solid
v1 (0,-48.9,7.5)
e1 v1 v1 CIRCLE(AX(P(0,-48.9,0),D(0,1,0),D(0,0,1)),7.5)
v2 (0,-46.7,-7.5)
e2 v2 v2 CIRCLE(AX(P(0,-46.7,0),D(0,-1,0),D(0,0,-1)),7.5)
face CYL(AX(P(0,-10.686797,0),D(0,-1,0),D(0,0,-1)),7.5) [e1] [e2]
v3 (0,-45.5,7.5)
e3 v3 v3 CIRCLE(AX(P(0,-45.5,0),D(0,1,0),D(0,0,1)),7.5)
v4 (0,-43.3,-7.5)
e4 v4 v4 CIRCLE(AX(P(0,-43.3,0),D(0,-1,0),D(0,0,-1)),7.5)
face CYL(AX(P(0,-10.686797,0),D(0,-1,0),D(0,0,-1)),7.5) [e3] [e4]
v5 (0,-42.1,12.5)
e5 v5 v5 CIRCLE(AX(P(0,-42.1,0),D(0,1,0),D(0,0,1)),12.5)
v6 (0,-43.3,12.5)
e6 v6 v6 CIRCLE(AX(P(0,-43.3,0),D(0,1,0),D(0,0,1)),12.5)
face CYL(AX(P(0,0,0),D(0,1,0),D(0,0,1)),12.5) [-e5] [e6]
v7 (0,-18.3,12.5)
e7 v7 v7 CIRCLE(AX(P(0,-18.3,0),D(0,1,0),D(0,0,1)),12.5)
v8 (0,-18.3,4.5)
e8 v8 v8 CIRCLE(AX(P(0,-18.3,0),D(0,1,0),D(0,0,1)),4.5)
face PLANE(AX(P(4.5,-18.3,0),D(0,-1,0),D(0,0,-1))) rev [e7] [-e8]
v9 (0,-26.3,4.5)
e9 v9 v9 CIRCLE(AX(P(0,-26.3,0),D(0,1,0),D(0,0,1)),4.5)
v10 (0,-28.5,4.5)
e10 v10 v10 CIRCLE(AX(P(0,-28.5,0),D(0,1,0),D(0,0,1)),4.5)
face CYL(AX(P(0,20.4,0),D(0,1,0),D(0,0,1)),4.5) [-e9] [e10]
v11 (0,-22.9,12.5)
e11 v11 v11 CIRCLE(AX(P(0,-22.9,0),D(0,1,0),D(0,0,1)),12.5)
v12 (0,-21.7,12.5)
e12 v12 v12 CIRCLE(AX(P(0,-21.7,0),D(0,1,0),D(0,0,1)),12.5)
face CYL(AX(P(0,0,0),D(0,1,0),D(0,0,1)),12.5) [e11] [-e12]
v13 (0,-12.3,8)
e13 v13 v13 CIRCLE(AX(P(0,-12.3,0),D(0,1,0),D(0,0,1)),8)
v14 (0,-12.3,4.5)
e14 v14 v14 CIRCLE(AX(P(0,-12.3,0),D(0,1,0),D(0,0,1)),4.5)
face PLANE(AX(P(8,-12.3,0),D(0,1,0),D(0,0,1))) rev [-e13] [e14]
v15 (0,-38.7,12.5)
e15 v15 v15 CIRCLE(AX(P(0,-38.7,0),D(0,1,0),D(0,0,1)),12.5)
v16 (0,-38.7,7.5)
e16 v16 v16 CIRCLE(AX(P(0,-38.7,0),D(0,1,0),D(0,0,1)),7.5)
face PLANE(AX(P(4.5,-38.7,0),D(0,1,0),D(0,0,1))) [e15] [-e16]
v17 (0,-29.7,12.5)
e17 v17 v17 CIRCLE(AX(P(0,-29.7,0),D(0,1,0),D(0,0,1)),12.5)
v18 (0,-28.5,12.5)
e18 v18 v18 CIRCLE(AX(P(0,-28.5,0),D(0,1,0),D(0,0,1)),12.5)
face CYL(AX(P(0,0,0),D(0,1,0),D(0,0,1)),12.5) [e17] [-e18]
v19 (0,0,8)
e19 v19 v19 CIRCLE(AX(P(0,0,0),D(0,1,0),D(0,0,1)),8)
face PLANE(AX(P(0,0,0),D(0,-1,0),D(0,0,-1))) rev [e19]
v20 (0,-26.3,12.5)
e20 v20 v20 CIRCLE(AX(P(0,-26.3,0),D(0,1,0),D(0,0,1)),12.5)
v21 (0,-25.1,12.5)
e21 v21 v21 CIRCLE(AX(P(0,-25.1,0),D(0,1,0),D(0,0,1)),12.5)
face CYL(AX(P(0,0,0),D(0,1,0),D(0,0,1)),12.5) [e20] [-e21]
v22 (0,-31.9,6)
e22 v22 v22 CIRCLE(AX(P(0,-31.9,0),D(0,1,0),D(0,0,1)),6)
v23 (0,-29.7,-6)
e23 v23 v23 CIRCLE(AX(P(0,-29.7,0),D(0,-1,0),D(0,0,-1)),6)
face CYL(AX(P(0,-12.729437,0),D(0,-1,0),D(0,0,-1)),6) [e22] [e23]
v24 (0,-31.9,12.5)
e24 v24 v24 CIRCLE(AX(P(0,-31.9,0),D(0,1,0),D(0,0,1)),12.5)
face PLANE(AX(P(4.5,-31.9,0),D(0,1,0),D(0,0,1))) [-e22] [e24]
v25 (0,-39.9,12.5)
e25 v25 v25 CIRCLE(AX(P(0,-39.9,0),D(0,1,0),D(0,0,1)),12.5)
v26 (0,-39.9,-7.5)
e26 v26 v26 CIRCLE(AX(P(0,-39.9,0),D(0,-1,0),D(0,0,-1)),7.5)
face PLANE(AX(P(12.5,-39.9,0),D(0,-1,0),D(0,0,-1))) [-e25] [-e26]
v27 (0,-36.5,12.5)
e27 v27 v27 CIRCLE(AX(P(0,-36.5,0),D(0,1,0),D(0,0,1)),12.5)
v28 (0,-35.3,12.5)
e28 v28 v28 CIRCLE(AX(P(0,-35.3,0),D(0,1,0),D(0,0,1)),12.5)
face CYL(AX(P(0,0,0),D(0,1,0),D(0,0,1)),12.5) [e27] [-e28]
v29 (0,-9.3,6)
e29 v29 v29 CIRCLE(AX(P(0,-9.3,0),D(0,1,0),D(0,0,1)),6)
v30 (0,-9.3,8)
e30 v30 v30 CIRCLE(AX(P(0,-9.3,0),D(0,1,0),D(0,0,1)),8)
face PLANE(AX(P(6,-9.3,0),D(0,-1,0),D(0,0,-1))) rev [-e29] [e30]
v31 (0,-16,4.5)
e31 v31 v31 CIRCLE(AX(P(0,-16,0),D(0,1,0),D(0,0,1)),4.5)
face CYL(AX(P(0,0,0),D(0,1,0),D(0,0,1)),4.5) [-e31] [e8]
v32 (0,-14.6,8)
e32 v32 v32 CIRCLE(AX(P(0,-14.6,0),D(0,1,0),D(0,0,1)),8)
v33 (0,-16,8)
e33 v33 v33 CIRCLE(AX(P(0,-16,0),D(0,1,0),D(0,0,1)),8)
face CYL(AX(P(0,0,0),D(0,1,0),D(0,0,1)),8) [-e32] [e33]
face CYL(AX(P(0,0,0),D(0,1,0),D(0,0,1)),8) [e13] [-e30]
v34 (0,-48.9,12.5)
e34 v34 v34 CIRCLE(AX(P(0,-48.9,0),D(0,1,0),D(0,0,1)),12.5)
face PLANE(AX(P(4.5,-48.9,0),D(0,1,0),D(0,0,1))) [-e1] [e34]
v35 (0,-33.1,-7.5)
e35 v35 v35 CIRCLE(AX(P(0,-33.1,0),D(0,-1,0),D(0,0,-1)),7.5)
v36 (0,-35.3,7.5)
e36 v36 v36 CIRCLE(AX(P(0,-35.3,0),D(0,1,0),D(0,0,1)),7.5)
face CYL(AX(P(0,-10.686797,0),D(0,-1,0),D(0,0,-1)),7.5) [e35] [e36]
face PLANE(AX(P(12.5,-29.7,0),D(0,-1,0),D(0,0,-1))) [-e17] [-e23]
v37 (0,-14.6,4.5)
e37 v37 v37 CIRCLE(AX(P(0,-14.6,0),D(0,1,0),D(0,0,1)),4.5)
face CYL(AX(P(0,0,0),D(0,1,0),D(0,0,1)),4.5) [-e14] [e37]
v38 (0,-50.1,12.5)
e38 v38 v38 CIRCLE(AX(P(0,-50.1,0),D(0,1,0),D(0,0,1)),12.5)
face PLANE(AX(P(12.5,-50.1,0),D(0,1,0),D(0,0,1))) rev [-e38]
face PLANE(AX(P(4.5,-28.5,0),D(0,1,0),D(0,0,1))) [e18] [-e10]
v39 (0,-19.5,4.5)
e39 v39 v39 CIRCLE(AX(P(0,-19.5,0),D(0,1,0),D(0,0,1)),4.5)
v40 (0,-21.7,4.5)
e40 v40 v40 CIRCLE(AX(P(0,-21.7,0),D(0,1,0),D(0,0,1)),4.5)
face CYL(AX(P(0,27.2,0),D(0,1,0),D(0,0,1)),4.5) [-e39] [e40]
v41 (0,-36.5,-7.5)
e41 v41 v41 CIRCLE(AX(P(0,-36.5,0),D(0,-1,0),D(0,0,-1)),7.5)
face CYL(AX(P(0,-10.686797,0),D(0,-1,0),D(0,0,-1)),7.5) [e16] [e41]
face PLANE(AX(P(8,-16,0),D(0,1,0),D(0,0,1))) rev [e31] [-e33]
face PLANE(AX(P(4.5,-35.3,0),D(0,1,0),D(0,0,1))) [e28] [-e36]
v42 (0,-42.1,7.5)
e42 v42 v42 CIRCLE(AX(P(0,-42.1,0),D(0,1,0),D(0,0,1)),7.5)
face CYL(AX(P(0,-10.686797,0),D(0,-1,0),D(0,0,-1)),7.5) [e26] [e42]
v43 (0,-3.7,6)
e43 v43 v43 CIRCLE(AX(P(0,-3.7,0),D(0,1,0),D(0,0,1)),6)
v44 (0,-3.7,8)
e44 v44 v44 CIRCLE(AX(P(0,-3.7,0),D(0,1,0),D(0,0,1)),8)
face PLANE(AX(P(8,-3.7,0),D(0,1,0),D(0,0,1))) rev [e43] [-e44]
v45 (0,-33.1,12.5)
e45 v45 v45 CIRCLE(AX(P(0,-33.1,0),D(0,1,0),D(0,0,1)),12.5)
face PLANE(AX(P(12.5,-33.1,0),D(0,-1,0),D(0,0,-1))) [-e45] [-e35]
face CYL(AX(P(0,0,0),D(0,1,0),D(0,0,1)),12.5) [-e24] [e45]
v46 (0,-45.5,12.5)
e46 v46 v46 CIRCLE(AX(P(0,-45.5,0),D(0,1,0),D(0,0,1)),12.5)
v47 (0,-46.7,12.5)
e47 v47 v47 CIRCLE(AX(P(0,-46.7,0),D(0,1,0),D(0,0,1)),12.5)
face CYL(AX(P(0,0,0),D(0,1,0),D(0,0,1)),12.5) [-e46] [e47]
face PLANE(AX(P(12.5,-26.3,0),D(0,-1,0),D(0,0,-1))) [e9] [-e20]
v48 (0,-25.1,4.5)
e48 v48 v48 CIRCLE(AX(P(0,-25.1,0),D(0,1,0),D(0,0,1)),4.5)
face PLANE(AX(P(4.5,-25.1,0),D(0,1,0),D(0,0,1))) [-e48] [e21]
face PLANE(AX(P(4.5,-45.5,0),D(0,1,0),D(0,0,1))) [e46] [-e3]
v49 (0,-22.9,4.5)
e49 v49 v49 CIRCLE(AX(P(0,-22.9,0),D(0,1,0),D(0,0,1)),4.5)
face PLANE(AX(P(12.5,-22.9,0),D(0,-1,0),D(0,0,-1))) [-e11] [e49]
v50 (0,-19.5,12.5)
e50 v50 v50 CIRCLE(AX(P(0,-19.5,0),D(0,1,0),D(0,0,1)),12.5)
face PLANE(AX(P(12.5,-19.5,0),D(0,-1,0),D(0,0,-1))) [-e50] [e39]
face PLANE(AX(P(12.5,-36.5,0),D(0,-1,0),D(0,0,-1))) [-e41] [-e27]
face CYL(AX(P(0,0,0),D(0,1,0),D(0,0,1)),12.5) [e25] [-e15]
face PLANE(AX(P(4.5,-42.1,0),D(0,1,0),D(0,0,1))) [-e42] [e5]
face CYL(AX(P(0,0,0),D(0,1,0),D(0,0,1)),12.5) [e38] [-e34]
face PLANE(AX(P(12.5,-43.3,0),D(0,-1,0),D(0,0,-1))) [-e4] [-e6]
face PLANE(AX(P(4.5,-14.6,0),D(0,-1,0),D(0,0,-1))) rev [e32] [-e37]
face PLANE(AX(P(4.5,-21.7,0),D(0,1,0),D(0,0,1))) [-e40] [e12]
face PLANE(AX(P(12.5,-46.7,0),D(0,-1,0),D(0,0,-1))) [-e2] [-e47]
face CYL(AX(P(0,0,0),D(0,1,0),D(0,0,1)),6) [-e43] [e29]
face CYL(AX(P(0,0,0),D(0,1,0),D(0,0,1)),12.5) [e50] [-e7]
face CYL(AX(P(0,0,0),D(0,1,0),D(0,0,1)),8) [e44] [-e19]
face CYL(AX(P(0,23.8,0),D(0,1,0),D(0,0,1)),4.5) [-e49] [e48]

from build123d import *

# Parameters (mm, degrees)
SKETCH2_W           = 8
SKETCH2_H           = 2.2
LPATTERN1_COUNT     = 9
LPATTERN1_PITCH     = 3.4
BOSS_EXTRUDE1_REACH = 55.127
SKETCH3_R           = 7.5
SKETCH4_R           = 6
BOSS_EXTRUDE2_DEPTH = 2.2


with BuildPart() as part:
    # Sketch1 → Revolve1 (revolve)
    with BuildSketch(Plane.XY, mode=Mode.PRIVATE) as revolve1_sk:
        Polygon((0, 0), (8, 0), (8, -3.7), (6, -3.7), (6, -9.3), (8, -9.3), (8, -12.3), (4.5, -12.3), (4.5, -14.6), (8, -14.6), (8, -16), (4.5, -16), (4.5, -18.3), (12.5, -18.3), (12.5, -50.1), (0, -50.1), align=None)
    revolve(revolve1_sk.sketch.rotate(Axis((0, 0, 0), (0, -1, 0)), 90), axis=Axis((0, 0, 0), (0, -1, 0)))

    # Sketch2 → Cut-Revolve3 (revolve, cut)
    with BuildSketch(Plane.XY, mode=Mode.PRIVATE) as cut_revolve3_sk:
        with Locations((8.5, -47.8)):
            Rectangle(SKETCH2_W, SKETCH2_H)
    cut_revolve3 = revolve(cut_revolve3_sk.sketch.rotate(Axis((0, 0, 0), (0, -1, 0)), 90), axis=Axis((0, 0, 0), (0, -1, 0)), mode=Mode.SUBTRACT)

    # LPattern1: Cut-Revolve3 ×9
    with Locations(*[(0, i * LPATTERN1_PITCH, 0) for i in range(1, LPATTERN1_COUNT)]):
        add(cut_revolve3, mode=Mode.SUBTRACT)

    # Boss-Extrude1: up to this face of the body (flat: up to its plane)
    boss_extrude1_end = Plane(part.part.faces().sort_by_distance((0, -31.9, -4.853553391))[0])
    # Sketch3 → Boss-Extrude1 (add, up to the picked face)
    with BuildSketch(Plane.XZ.offset(50.1), mode=Mode.PRIVATE) as boss_extrude1_sk1:
        with Locations(Location((0, 0, 0), (0, 0, 270))):
            Circle(SKETCH3_R)
    boss_extrude1_tool1 = split(extrude(boss_extrude1_sk1.sketch, amount=-BOSS_EXTRUDE1_REACH, mode=Mode.PRIVATE), bisect_by=boss_extrude1_end, keep=Keep.BOTH, mode=Mode.PRIVATE)
    add(boss_extrude1_tool1.solids().sort_by(Axis((0, -50.1, 0), (0, 1, 0)))[0])

    # Sketch4 → Boss-Extrude2 (add)
    with BuildSketch(Plane(origin=(0, -31.9, 0), x_dir=(1, 0, 0), z_dir=(0, 1, 0))):
        with Locations(Location((0, 0, 0), (0, 0, 270))):
            Circle(SKETCH4_R)
    extrude(amount=BOSS_EXTRUDE2_DEPTH)


solid = part.part
